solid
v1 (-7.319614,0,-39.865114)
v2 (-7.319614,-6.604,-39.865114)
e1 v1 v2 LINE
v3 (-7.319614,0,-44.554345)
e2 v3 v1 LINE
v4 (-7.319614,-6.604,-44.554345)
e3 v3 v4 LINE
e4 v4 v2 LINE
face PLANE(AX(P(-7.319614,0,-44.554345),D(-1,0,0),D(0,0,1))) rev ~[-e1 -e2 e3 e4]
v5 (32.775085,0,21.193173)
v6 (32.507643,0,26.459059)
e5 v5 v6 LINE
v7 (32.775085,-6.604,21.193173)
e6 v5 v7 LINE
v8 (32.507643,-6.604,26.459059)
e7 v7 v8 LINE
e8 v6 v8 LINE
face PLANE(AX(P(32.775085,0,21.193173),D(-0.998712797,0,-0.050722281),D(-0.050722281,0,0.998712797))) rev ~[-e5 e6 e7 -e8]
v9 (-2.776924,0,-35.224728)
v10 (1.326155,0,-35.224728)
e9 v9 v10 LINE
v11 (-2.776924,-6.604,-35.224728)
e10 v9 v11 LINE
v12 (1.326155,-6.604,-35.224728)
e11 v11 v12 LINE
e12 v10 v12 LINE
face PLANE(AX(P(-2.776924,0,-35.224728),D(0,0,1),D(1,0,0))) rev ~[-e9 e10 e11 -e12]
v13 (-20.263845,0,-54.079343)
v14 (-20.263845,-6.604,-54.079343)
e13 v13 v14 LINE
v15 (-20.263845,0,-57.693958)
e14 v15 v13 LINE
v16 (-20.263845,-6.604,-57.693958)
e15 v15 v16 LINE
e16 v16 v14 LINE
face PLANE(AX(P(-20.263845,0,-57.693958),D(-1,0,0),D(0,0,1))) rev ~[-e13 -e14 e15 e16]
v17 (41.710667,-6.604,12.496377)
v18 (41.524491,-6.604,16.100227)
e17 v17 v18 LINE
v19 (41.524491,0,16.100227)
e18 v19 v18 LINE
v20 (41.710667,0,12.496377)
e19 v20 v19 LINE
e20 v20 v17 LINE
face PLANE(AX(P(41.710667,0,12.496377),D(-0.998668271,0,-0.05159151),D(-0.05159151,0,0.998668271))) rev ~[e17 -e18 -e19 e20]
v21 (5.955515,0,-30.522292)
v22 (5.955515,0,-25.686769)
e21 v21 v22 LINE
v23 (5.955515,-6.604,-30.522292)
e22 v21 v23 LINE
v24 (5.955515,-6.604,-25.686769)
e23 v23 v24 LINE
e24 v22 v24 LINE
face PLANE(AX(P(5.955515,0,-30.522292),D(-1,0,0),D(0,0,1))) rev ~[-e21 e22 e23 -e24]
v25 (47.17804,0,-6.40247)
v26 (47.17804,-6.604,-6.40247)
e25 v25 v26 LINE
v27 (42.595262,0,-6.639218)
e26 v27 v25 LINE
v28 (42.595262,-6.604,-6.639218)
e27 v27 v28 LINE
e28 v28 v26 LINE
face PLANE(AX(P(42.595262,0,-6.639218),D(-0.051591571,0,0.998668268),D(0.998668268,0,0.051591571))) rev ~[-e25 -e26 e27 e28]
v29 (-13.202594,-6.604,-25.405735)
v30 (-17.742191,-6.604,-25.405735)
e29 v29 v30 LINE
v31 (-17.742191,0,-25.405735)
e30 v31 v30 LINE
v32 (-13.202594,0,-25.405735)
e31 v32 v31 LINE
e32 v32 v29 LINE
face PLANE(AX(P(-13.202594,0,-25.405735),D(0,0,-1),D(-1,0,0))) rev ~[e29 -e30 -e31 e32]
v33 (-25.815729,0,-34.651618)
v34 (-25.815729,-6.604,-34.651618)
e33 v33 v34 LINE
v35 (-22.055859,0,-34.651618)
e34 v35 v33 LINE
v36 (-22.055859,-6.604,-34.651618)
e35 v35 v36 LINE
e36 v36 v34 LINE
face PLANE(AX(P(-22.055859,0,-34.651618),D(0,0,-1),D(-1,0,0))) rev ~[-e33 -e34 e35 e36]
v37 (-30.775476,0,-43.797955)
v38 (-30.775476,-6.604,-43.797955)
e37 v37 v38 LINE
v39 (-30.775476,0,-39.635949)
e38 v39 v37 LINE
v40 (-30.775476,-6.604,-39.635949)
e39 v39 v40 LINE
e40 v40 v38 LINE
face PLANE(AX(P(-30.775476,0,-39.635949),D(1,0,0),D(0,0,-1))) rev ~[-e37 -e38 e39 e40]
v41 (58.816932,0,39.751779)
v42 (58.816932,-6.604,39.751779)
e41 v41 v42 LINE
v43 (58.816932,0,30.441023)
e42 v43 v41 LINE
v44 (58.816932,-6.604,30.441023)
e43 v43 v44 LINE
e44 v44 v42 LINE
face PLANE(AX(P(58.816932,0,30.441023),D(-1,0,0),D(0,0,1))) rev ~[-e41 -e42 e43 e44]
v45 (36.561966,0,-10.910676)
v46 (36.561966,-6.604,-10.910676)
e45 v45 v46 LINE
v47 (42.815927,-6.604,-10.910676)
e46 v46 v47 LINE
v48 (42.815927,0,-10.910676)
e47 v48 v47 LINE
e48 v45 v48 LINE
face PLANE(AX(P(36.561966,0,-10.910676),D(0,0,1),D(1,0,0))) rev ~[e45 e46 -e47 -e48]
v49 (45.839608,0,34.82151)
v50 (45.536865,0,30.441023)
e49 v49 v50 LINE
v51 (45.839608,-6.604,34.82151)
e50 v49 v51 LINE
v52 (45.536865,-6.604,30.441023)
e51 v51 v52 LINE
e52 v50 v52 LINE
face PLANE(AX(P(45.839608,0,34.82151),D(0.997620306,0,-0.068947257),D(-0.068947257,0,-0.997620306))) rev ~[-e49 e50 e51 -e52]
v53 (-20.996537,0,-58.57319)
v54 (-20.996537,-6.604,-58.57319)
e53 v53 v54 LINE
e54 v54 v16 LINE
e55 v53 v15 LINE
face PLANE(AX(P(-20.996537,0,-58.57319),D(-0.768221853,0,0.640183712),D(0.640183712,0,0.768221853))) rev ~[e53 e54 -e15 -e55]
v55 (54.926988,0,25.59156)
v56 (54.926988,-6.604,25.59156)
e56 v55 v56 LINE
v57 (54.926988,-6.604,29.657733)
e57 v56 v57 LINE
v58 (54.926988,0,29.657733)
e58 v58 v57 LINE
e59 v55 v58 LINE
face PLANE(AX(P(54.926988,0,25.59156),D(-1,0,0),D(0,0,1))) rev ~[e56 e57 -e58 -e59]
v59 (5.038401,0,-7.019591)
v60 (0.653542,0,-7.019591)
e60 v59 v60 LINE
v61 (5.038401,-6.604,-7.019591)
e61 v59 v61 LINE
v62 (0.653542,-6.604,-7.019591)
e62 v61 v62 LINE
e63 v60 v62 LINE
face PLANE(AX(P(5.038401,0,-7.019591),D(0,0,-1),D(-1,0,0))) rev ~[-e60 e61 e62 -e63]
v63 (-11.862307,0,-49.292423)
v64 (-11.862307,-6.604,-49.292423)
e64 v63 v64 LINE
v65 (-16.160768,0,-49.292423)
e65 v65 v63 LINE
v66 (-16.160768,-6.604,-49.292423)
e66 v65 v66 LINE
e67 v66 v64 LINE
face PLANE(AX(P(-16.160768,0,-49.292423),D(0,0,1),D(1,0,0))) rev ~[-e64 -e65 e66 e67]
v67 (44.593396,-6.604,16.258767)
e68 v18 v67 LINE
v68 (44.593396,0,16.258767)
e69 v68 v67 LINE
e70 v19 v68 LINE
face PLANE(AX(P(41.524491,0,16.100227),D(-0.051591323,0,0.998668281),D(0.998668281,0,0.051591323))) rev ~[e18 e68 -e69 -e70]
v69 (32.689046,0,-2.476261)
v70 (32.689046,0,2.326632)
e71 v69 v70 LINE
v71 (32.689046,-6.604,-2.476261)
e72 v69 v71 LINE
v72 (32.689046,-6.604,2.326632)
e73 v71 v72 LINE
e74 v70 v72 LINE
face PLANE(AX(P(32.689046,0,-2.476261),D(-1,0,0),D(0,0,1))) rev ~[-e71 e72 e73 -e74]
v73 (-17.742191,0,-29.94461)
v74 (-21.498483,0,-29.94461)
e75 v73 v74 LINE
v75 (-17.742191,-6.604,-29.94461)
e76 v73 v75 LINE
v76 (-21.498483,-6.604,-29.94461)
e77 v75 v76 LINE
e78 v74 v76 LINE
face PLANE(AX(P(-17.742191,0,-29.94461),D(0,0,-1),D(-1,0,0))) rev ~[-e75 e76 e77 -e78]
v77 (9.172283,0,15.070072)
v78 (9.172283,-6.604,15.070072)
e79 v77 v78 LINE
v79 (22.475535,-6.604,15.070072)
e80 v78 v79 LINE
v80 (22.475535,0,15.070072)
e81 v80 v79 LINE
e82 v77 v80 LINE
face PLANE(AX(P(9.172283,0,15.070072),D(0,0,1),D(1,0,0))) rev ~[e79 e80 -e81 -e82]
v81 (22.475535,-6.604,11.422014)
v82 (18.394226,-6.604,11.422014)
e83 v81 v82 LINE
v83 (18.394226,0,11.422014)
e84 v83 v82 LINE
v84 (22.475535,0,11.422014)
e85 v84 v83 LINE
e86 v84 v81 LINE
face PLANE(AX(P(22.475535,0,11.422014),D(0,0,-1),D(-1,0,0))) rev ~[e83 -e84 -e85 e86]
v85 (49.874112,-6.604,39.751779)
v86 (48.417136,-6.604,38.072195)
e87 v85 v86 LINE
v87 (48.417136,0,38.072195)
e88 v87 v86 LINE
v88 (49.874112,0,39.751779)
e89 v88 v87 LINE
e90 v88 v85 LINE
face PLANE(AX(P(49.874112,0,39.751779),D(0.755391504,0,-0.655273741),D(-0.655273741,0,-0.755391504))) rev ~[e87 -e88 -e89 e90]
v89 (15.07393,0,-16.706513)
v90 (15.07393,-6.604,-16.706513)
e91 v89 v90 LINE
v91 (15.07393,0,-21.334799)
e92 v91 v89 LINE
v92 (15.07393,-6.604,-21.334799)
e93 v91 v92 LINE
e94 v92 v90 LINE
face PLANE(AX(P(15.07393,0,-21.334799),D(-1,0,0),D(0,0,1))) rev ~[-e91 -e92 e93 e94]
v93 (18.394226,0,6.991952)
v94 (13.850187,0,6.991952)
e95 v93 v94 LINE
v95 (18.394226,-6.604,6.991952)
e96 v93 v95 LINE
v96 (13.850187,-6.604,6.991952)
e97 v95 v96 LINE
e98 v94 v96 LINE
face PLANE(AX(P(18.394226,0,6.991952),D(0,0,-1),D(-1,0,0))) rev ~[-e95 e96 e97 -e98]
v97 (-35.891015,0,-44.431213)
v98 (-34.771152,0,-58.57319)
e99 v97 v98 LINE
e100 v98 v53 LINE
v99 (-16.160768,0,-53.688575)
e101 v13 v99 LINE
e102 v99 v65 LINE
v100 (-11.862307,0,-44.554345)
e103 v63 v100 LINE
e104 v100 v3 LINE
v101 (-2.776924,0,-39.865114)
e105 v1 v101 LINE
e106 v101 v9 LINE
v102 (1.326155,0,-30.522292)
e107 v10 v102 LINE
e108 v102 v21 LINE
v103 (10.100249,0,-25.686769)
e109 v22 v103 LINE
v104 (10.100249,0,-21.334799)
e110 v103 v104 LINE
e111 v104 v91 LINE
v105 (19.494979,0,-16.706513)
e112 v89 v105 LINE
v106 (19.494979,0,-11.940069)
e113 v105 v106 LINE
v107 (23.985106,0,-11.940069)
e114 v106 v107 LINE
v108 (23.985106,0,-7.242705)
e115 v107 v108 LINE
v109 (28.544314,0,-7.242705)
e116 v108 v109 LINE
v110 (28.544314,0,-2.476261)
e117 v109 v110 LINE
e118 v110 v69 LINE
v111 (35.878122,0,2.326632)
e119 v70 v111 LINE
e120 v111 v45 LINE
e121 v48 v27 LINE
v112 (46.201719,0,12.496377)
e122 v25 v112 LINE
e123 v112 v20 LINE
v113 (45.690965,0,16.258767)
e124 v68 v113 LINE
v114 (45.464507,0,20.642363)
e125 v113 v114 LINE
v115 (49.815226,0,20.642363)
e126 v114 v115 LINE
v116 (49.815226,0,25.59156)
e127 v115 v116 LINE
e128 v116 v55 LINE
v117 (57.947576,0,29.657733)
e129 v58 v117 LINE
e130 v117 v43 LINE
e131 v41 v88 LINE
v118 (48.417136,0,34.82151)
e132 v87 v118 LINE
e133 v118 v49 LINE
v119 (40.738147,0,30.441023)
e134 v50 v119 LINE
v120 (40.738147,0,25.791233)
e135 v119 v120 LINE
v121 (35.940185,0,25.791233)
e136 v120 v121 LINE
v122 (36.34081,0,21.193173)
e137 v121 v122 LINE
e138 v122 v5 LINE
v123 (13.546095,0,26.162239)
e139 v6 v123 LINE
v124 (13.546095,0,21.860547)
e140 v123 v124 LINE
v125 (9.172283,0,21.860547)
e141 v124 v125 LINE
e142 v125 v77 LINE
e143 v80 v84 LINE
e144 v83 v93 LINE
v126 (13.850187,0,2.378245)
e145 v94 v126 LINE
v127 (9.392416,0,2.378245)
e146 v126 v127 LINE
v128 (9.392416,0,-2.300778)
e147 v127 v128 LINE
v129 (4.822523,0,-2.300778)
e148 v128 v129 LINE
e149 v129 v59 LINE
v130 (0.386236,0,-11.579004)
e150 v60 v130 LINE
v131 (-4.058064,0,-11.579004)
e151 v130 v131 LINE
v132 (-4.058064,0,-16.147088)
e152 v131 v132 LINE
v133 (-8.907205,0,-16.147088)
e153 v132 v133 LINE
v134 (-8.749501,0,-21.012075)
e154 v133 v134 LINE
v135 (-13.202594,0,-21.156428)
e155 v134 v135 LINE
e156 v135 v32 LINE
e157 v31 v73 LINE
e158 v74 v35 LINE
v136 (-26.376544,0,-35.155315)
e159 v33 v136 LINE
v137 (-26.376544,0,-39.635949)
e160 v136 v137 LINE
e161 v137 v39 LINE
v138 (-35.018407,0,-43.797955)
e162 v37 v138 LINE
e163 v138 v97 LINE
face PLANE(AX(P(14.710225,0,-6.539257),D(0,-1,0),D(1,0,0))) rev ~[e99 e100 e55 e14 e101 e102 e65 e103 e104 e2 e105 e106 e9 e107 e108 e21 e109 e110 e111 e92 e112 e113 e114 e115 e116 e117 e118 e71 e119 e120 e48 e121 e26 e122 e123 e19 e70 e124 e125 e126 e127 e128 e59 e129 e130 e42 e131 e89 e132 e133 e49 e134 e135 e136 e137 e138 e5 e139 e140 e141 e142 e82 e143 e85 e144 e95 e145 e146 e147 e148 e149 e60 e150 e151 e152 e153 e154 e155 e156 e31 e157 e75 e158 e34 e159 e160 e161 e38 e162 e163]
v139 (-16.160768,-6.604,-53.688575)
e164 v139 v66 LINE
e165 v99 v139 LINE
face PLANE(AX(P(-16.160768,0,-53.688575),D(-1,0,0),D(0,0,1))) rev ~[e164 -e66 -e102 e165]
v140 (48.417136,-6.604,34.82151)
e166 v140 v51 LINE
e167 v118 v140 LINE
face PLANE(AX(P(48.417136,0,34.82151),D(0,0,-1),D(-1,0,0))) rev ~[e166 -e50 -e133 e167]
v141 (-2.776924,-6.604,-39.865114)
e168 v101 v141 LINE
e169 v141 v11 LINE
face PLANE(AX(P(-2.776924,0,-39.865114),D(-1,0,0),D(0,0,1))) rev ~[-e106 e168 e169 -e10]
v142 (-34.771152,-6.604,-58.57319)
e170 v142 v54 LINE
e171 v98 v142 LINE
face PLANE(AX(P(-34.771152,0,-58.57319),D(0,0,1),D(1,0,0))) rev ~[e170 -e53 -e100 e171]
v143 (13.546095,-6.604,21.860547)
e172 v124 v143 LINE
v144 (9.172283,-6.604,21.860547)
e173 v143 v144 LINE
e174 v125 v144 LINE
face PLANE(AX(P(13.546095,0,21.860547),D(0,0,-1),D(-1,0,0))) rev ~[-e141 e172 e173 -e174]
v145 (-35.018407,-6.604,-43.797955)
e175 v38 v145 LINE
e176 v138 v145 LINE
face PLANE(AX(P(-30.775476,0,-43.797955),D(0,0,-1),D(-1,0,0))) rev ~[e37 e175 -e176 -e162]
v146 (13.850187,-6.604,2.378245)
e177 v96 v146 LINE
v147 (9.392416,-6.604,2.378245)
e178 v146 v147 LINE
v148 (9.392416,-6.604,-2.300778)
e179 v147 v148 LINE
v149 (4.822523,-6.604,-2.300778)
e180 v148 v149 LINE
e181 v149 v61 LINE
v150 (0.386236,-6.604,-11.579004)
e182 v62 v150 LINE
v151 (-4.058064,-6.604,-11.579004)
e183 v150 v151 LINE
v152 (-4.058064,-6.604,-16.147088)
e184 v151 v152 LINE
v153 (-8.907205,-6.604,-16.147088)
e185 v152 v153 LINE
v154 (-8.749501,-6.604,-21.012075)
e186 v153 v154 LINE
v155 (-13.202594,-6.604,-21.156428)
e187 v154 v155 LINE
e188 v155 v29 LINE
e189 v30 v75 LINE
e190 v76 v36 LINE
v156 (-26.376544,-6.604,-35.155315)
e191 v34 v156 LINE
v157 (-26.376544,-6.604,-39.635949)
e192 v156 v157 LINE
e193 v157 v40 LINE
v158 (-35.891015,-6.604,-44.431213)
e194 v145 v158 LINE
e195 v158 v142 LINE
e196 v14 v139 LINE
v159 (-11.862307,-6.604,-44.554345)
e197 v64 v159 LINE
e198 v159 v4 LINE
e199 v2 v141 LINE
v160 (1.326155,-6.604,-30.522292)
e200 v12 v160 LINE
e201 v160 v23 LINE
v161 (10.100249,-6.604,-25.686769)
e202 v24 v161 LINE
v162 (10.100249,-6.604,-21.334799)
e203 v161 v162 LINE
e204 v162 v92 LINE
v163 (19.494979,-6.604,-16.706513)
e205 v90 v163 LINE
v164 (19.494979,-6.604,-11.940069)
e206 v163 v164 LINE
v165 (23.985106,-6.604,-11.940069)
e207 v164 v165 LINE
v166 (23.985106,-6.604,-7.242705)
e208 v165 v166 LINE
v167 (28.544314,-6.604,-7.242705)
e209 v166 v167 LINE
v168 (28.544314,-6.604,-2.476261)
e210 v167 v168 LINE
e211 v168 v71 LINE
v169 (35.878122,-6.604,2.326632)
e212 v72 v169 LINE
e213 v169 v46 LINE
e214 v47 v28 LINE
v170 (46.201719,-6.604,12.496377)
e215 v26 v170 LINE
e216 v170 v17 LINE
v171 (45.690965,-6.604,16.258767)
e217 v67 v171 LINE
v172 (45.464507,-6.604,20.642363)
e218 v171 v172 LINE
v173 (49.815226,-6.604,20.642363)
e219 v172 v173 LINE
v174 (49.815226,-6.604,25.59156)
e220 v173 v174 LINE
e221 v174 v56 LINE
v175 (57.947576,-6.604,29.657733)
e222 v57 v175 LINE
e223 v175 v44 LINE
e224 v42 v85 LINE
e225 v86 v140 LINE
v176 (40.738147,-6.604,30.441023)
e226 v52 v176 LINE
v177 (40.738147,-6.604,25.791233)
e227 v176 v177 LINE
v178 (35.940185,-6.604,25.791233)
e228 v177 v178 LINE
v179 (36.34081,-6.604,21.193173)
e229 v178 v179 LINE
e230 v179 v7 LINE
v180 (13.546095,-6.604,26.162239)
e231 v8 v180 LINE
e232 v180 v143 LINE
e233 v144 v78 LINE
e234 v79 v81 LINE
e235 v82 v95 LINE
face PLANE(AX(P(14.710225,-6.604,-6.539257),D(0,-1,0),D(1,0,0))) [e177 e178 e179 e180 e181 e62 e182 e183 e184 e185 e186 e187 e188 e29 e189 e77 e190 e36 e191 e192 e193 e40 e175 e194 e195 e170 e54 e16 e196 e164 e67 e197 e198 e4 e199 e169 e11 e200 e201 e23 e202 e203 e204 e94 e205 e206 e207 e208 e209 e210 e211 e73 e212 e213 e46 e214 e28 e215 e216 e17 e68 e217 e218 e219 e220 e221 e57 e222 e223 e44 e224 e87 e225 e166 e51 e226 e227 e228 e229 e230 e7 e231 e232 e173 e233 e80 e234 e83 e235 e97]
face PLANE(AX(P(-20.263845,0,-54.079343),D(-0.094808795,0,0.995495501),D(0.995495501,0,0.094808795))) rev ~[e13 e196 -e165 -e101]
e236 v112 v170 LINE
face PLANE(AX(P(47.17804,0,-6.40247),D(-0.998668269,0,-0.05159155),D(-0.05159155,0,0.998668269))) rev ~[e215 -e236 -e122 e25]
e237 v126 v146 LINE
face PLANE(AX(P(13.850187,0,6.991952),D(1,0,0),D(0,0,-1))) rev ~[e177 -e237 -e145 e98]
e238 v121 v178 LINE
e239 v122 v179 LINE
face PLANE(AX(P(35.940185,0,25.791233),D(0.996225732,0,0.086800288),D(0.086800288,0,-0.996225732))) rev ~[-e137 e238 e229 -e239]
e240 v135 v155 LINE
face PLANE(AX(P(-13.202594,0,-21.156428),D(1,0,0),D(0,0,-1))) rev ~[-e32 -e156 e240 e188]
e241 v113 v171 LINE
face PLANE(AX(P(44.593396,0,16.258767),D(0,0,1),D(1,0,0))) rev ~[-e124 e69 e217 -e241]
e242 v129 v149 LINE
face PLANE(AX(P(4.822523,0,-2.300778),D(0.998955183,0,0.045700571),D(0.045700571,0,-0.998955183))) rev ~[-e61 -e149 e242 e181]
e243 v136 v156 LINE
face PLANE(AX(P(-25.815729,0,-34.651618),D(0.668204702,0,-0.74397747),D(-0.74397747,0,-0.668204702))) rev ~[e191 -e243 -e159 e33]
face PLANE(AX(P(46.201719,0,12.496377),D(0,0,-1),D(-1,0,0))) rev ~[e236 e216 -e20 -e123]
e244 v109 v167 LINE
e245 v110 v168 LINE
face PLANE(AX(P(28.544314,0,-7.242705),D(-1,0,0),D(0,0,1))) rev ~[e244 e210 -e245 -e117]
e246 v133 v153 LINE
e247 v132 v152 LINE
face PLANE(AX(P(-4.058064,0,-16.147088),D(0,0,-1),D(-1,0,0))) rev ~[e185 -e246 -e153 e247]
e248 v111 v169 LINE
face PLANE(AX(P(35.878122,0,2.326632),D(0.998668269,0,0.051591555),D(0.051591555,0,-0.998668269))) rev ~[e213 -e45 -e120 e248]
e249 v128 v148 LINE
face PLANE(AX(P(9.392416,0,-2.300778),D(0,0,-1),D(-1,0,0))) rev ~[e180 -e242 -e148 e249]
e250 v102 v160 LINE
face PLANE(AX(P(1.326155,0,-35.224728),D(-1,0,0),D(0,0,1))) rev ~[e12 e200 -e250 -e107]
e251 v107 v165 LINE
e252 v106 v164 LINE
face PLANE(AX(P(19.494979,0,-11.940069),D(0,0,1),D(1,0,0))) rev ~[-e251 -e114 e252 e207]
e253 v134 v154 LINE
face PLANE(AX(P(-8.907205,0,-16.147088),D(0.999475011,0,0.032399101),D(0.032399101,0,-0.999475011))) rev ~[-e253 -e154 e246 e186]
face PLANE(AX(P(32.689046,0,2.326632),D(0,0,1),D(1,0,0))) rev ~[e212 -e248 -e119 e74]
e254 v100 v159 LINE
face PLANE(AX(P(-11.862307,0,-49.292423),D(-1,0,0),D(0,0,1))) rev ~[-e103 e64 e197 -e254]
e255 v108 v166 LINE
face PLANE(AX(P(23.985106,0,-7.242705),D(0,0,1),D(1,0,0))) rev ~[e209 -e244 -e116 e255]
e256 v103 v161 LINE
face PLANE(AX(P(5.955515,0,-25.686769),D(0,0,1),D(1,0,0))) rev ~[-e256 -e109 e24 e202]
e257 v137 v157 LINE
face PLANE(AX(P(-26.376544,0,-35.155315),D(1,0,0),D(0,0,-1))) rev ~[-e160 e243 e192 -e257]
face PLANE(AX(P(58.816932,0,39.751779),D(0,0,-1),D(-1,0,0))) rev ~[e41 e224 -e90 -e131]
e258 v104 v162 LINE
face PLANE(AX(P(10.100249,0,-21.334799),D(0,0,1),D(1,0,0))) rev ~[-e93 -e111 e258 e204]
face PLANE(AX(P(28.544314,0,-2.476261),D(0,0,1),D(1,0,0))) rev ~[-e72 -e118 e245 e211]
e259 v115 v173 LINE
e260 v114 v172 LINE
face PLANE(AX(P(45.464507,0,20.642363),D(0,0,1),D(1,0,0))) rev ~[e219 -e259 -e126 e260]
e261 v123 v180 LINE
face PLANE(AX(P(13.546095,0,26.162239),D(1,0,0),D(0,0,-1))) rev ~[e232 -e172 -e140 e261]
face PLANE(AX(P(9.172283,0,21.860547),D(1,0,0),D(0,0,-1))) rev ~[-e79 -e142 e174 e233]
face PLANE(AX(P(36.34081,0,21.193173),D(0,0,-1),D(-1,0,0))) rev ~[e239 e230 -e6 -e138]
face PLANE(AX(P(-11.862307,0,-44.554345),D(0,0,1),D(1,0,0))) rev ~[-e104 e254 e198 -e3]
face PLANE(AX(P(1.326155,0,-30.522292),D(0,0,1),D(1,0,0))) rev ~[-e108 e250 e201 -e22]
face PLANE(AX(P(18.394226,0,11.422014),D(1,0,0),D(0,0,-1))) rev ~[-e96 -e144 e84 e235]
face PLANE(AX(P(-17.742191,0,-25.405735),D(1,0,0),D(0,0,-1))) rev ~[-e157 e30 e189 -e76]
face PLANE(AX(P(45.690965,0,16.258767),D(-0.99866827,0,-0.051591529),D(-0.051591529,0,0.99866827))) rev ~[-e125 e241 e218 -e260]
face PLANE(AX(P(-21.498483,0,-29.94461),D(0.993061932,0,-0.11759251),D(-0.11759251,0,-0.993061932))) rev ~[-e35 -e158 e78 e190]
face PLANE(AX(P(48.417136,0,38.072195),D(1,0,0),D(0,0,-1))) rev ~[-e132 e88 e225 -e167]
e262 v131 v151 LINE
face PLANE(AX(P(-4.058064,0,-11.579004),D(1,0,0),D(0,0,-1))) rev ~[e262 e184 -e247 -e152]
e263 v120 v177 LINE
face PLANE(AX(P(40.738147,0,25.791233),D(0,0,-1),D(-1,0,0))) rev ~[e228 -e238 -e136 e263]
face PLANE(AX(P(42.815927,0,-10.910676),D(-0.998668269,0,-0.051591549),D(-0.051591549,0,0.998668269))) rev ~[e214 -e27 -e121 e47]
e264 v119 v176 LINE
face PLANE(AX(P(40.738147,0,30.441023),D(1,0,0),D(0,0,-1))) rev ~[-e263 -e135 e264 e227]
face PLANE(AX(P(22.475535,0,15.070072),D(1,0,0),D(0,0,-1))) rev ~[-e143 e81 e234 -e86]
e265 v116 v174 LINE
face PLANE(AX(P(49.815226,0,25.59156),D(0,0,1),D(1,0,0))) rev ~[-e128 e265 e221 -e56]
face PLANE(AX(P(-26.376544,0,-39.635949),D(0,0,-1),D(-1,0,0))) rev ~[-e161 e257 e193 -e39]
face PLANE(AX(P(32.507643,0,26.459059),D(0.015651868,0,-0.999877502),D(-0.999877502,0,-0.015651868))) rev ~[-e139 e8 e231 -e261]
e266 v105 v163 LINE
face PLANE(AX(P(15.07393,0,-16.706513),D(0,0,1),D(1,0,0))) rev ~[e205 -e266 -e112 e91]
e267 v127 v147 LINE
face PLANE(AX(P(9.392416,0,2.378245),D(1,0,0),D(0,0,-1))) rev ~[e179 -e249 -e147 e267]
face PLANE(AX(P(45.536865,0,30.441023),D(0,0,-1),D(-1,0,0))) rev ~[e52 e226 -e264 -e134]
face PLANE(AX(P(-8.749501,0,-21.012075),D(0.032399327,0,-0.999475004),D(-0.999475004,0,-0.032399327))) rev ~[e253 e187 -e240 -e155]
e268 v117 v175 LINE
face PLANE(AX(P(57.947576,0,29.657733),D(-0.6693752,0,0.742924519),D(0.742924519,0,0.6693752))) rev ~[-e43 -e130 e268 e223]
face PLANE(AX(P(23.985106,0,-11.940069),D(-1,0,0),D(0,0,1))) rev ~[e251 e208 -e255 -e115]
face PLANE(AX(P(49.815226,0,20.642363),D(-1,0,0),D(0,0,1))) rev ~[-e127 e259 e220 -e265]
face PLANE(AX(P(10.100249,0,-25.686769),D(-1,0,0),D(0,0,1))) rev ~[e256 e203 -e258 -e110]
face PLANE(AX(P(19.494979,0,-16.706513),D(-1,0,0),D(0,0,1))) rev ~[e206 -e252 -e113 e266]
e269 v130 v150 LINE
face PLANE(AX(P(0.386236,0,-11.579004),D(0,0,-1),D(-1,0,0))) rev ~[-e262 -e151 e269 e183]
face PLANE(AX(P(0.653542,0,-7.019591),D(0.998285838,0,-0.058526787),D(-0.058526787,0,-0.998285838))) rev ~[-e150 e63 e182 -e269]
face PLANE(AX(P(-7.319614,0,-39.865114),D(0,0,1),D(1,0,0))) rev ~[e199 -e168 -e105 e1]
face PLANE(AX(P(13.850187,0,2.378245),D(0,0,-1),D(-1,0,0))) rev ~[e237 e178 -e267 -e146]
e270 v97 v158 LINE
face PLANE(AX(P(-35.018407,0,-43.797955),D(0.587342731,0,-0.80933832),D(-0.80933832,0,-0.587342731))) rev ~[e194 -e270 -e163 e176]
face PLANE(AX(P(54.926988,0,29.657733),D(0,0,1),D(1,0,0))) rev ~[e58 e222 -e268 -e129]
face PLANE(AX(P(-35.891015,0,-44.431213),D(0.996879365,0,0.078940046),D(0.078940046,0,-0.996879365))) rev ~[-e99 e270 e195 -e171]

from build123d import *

# Parameters (mm, degrees)
F1_DEPTH = 6.604


with BuildPart() as f1:
    # F0 (on Front) → F1 (new body)
    with BuildSketch(Plane.XZ):
        Polygon((-35.891015, -44.431213), (-34.771152, -58.57319), (-20.996537, -58.57319), (-20.263845, -57.693958), (-20.263845, -54.079343), (-16.160768, -53.688575), (-16.160768, -49.292423), (-11.862307, -49.292423), (-11.862307, -44.554345), (-7.319614, -44.554345), (-7.319614, -39.865114), (-2.776924, -39.865114), (-2.776924, -35.224728), (1.326155, -35.224728), (1.326155, -30.522292), (5.955515, -30.522292), (5.955515, -25.686769), (10.100249, -25.686769), (10.100249, -21.334799), (15.07393, -21.334799), (15.07393, -16.706513), (19.494979, -16.706513), (19.494979, -11.940069), (23.985106, -11.940069), (23.985106, -7.242705), (28.544314, -7.242705), (28.544314, -2.476261), (32.689046, -2.476261), (32.689046, 1.87571), (32.689046, 2.326632), (35.878122, 2.326632), (36.561966, -10.910676), (42.815927, -10.910676), (42.595262, -6.639218), (47.17804, -6.40247), (46.201719, 12.496377), (41.710667, 12.496377), (41.524491, 16.100227), (44.593396, 16.258767), (45.690965, 16.258767), (45.464507, 20.642363), (49.292434, 20.642363), (49.815226, 20.642363), (49.815226, 25.59156), (54.926988, 25.59156), (54.926988, 29.657733), (57.947576, 29.657733), (58.816932, 30.441023), (58.816932, 39.751779), (49.874112, 39.751779), (48.417136, 38.072195), (48.417136, 34.82151), (45.839608, 34.82151), (45.536865, 30.441023), (40.738147, 30.441023), (40.738147, 25.791233), (35.940185, 25.791233), (36.34081, 21.193173), (32.775085, 21.193173), (32.507643, 26.459059), (13.546095, 26.162239), (13.546095, 21.860547), (9.172283, 21.860547), (9.172283, 15.070072), (22.475535, 15.070072), (22.475535, 11.422014), (18.394226, 11.422014), (18.394226, 6.991952), (13.850187, 6.991952), (13.850187, 2.378245), (9.392416, 2.378245), (9.392416, -2.300778), (4.822523, -2.300778), (5.038401, -7.019591), (0.653542, -7.019591), (0.386236, -11.579004), (-4.058064, -11.579004), (-4.058064, -16.147088), (-8.907205, -16.147088), (-8.749501, -21.012075), (-13.202594, -21.156428), (-13.202594, -25.405735), (-17.742191, -25.405735), (-17.742191, -29.94461), (-21.498483, -29.94461), (-22.055859, -34.651618), (-25.815729, -34.651618), (-26.376544, -35.155315), (-26.376544, -39.635949), (-30.201711, -39.635949), (-30.775476, -39.635949), (-30.775476, -43.797955), (-35.018407, -43.797955), align=None)
    extrude(amount=F1_DEPTH)


solid = f1.part
